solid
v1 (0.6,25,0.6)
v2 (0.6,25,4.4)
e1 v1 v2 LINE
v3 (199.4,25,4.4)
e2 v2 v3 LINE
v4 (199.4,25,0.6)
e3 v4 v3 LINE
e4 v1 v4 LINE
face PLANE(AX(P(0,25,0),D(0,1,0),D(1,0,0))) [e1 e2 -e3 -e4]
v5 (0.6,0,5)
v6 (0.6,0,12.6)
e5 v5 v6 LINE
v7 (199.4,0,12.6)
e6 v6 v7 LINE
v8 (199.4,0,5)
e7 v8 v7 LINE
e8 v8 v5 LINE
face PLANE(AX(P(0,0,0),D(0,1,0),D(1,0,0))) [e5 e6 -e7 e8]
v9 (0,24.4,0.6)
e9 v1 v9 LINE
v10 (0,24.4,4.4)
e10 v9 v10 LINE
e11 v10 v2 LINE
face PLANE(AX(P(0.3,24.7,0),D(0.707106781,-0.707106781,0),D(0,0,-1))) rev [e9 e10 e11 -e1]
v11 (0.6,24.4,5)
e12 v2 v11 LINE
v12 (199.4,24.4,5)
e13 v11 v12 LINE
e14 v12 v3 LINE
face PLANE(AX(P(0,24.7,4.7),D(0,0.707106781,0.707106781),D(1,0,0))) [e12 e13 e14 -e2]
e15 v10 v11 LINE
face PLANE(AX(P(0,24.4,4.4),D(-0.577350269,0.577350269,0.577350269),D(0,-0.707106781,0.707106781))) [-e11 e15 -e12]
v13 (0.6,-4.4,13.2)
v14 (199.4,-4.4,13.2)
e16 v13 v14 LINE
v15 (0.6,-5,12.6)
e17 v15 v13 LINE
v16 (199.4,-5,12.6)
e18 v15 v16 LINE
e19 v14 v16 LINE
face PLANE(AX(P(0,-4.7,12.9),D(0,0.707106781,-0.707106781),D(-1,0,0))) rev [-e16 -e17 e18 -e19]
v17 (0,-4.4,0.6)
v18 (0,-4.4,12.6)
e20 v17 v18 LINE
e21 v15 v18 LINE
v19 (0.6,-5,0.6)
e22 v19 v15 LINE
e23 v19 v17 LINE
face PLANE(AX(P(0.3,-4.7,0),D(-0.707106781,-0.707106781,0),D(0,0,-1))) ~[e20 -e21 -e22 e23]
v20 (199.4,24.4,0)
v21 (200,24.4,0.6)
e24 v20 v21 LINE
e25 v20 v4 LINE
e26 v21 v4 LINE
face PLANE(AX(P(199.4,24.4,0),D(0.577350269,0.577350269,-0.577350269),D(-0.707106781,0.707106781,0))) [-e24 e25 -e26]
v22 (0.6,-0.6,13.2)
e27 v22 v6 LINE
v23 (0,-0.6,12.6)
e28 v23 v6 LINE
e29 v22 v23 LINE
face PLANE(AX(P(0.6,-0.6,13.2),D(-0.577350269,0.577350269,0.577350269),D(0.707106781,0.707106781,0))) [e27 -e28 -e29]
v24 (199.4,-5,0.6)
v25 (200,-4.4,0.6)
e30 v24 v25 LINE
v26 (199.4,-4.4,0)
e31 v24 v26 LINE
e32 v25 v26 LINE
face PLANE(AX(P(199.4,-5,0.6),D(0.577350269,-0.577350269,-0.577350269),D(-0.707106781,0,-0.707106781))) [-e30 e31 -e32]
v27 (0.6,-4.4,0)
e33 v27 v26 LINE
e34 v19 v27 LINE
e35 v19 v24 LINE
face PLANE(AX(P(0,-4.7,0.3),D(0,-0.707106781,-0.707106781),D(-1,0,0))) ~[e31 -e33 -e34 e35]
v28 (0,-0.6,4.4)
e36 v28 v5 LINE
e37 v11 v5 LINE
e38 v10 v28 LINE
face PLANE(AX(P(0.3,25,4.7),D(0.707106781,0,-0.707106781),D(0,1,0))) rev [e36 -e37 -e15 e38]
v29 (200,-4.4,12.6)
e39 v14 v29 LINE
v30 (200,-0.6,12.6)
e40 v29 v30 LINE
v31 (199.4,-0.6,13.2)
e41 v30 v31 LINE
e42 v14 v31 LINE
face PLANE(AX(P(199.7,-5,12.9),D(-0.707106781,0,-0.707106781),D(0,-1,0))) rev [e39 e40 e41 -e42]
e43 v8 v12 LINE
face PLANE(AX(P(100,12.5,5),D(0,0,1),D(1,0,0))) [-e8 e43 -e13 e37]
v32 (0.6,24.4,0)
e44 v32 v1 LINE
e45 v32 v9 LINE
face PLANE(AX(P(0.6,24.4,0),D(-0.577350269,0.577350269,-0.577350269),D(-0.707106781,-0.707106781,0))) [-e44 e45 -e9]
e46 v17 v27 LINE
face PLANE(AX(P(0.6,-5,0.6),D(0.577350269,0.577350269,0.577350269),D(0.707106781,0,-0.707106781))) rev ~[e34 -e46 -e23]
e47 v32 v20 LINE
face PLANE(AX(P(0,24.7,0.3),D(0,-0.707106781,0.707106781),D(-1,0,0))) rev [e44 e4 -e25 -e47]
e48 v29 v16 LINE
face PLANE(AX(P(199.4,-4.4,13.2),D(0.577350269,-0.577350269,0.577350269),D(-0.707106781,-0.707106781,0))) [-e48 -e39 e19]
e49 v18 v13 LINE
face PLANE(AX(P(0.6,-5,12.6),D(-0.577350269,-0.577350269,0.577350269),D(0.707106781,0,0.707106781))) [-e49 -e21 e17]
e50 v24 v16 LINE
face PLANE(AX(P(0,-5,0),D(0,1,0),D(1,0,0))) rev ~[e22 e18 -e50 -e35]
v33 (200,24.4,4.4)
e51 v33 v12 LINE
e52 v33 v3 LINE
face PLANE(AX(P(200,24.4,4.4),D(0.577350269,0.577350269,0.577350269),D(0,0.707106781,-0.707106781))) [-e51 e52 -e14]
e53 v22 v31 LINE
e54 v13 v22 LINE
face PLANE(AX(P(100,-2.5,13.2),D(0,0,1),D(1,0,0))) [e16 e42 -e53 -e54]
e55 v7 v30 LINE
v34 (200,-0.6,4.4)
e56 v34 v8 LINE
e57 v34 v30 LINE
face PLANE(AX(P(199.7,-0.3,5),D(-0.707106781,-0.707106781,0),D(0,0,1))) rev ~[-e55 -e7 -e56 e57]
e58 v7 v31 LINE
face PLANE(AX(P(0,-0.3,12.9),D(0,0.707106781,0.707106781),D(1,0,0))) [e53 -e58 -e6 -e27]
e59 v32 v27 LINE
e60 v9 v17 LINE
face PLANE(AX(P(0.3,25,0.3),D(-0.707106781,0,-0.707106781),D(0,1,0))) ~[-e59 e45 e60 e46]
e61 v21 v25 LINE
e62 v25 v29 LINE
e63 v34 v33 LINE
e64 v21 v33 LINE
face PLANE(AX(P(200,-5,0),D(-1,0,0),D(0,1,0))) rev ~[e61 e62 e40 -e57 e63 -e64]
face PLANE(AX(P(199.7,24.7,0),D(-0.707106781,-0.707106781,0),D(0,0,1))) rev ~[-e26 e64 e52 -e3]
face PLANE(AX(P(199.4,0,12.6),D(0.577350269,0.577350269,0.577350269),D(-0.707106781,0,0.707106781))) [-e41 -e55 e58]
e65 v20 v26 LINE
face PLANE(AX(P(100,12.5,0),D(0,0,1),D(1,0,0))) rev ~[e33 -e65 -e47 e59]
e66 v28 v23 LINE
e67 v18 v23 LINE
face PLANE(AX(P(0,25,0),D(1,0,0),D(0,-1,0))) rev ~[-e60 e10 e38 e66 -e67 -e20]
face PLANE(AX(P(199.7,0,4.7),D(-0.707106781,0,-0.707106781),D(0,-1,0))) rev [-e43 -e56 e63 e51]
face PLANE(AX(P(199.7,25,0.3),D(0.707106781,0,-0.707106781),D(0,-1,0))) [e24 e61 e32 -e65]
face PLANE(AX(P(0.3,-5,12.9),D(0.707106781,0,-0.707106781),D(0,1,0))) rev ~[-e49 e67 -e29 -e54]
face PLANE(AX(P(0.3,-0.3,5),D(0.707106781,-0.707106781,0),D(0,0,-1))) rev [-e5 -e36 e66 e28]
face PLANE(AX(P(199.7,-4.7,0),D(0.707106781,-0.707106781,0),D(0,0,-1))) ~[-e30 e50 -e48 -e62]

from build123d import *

# Parameters (mm, degrees)
F0_W     = 200
F0_H     = 25
F0_H_2   = 5
F1_DEPTH = 5
F2_DEPTH = 13.2
F3_SIZE  = 0.6


with BuildPart() as f1:
    # F0 (on Top) → F1 (new body)
    with BuildSketch(Plane.XY):
        with Locations((100, 12.5)):
            Rectangle(F0_W, F0_H)
        with Locations((100, -2.5)):
            Rectangle(F0_W, F0_H_2)
    extrude(amount=F1_DEPTH)

    # F0 (on Top) → F2 (join)
    with BuildSketch(Plane.XY):
        with Locations((100, -2.5)):
            Rectangle(F0_W, F0_H_2)
    extrude(amount=F2_DEPTH)

    # F3
    f3_edges = [f1.edges().sort_by_distance(p)[0] for p in [
        (100, 25, 5),
        (200, 12.5, 5),
        (200, 25, 2.5),
        (200, 10, 0),
        (200, -5, 6.6),
        (200, -2.5, 13.2),
        (200, 0, 9.1),
        (0, 25, 2.5),
        (100, 25, 0),
        (0, 10, 0),
        (0, 12.5, 5),
        (0, 0, 9.1),
        (0, -2.5, 13.2),
        (0, -5, 6.6),
        (100, 0, 13.2),
        (100, -5, 13.2),
        (100, -5, 0),
    ]]
    chamfer(f3_edges, length=F3_SIZE)


solid = f1.part
